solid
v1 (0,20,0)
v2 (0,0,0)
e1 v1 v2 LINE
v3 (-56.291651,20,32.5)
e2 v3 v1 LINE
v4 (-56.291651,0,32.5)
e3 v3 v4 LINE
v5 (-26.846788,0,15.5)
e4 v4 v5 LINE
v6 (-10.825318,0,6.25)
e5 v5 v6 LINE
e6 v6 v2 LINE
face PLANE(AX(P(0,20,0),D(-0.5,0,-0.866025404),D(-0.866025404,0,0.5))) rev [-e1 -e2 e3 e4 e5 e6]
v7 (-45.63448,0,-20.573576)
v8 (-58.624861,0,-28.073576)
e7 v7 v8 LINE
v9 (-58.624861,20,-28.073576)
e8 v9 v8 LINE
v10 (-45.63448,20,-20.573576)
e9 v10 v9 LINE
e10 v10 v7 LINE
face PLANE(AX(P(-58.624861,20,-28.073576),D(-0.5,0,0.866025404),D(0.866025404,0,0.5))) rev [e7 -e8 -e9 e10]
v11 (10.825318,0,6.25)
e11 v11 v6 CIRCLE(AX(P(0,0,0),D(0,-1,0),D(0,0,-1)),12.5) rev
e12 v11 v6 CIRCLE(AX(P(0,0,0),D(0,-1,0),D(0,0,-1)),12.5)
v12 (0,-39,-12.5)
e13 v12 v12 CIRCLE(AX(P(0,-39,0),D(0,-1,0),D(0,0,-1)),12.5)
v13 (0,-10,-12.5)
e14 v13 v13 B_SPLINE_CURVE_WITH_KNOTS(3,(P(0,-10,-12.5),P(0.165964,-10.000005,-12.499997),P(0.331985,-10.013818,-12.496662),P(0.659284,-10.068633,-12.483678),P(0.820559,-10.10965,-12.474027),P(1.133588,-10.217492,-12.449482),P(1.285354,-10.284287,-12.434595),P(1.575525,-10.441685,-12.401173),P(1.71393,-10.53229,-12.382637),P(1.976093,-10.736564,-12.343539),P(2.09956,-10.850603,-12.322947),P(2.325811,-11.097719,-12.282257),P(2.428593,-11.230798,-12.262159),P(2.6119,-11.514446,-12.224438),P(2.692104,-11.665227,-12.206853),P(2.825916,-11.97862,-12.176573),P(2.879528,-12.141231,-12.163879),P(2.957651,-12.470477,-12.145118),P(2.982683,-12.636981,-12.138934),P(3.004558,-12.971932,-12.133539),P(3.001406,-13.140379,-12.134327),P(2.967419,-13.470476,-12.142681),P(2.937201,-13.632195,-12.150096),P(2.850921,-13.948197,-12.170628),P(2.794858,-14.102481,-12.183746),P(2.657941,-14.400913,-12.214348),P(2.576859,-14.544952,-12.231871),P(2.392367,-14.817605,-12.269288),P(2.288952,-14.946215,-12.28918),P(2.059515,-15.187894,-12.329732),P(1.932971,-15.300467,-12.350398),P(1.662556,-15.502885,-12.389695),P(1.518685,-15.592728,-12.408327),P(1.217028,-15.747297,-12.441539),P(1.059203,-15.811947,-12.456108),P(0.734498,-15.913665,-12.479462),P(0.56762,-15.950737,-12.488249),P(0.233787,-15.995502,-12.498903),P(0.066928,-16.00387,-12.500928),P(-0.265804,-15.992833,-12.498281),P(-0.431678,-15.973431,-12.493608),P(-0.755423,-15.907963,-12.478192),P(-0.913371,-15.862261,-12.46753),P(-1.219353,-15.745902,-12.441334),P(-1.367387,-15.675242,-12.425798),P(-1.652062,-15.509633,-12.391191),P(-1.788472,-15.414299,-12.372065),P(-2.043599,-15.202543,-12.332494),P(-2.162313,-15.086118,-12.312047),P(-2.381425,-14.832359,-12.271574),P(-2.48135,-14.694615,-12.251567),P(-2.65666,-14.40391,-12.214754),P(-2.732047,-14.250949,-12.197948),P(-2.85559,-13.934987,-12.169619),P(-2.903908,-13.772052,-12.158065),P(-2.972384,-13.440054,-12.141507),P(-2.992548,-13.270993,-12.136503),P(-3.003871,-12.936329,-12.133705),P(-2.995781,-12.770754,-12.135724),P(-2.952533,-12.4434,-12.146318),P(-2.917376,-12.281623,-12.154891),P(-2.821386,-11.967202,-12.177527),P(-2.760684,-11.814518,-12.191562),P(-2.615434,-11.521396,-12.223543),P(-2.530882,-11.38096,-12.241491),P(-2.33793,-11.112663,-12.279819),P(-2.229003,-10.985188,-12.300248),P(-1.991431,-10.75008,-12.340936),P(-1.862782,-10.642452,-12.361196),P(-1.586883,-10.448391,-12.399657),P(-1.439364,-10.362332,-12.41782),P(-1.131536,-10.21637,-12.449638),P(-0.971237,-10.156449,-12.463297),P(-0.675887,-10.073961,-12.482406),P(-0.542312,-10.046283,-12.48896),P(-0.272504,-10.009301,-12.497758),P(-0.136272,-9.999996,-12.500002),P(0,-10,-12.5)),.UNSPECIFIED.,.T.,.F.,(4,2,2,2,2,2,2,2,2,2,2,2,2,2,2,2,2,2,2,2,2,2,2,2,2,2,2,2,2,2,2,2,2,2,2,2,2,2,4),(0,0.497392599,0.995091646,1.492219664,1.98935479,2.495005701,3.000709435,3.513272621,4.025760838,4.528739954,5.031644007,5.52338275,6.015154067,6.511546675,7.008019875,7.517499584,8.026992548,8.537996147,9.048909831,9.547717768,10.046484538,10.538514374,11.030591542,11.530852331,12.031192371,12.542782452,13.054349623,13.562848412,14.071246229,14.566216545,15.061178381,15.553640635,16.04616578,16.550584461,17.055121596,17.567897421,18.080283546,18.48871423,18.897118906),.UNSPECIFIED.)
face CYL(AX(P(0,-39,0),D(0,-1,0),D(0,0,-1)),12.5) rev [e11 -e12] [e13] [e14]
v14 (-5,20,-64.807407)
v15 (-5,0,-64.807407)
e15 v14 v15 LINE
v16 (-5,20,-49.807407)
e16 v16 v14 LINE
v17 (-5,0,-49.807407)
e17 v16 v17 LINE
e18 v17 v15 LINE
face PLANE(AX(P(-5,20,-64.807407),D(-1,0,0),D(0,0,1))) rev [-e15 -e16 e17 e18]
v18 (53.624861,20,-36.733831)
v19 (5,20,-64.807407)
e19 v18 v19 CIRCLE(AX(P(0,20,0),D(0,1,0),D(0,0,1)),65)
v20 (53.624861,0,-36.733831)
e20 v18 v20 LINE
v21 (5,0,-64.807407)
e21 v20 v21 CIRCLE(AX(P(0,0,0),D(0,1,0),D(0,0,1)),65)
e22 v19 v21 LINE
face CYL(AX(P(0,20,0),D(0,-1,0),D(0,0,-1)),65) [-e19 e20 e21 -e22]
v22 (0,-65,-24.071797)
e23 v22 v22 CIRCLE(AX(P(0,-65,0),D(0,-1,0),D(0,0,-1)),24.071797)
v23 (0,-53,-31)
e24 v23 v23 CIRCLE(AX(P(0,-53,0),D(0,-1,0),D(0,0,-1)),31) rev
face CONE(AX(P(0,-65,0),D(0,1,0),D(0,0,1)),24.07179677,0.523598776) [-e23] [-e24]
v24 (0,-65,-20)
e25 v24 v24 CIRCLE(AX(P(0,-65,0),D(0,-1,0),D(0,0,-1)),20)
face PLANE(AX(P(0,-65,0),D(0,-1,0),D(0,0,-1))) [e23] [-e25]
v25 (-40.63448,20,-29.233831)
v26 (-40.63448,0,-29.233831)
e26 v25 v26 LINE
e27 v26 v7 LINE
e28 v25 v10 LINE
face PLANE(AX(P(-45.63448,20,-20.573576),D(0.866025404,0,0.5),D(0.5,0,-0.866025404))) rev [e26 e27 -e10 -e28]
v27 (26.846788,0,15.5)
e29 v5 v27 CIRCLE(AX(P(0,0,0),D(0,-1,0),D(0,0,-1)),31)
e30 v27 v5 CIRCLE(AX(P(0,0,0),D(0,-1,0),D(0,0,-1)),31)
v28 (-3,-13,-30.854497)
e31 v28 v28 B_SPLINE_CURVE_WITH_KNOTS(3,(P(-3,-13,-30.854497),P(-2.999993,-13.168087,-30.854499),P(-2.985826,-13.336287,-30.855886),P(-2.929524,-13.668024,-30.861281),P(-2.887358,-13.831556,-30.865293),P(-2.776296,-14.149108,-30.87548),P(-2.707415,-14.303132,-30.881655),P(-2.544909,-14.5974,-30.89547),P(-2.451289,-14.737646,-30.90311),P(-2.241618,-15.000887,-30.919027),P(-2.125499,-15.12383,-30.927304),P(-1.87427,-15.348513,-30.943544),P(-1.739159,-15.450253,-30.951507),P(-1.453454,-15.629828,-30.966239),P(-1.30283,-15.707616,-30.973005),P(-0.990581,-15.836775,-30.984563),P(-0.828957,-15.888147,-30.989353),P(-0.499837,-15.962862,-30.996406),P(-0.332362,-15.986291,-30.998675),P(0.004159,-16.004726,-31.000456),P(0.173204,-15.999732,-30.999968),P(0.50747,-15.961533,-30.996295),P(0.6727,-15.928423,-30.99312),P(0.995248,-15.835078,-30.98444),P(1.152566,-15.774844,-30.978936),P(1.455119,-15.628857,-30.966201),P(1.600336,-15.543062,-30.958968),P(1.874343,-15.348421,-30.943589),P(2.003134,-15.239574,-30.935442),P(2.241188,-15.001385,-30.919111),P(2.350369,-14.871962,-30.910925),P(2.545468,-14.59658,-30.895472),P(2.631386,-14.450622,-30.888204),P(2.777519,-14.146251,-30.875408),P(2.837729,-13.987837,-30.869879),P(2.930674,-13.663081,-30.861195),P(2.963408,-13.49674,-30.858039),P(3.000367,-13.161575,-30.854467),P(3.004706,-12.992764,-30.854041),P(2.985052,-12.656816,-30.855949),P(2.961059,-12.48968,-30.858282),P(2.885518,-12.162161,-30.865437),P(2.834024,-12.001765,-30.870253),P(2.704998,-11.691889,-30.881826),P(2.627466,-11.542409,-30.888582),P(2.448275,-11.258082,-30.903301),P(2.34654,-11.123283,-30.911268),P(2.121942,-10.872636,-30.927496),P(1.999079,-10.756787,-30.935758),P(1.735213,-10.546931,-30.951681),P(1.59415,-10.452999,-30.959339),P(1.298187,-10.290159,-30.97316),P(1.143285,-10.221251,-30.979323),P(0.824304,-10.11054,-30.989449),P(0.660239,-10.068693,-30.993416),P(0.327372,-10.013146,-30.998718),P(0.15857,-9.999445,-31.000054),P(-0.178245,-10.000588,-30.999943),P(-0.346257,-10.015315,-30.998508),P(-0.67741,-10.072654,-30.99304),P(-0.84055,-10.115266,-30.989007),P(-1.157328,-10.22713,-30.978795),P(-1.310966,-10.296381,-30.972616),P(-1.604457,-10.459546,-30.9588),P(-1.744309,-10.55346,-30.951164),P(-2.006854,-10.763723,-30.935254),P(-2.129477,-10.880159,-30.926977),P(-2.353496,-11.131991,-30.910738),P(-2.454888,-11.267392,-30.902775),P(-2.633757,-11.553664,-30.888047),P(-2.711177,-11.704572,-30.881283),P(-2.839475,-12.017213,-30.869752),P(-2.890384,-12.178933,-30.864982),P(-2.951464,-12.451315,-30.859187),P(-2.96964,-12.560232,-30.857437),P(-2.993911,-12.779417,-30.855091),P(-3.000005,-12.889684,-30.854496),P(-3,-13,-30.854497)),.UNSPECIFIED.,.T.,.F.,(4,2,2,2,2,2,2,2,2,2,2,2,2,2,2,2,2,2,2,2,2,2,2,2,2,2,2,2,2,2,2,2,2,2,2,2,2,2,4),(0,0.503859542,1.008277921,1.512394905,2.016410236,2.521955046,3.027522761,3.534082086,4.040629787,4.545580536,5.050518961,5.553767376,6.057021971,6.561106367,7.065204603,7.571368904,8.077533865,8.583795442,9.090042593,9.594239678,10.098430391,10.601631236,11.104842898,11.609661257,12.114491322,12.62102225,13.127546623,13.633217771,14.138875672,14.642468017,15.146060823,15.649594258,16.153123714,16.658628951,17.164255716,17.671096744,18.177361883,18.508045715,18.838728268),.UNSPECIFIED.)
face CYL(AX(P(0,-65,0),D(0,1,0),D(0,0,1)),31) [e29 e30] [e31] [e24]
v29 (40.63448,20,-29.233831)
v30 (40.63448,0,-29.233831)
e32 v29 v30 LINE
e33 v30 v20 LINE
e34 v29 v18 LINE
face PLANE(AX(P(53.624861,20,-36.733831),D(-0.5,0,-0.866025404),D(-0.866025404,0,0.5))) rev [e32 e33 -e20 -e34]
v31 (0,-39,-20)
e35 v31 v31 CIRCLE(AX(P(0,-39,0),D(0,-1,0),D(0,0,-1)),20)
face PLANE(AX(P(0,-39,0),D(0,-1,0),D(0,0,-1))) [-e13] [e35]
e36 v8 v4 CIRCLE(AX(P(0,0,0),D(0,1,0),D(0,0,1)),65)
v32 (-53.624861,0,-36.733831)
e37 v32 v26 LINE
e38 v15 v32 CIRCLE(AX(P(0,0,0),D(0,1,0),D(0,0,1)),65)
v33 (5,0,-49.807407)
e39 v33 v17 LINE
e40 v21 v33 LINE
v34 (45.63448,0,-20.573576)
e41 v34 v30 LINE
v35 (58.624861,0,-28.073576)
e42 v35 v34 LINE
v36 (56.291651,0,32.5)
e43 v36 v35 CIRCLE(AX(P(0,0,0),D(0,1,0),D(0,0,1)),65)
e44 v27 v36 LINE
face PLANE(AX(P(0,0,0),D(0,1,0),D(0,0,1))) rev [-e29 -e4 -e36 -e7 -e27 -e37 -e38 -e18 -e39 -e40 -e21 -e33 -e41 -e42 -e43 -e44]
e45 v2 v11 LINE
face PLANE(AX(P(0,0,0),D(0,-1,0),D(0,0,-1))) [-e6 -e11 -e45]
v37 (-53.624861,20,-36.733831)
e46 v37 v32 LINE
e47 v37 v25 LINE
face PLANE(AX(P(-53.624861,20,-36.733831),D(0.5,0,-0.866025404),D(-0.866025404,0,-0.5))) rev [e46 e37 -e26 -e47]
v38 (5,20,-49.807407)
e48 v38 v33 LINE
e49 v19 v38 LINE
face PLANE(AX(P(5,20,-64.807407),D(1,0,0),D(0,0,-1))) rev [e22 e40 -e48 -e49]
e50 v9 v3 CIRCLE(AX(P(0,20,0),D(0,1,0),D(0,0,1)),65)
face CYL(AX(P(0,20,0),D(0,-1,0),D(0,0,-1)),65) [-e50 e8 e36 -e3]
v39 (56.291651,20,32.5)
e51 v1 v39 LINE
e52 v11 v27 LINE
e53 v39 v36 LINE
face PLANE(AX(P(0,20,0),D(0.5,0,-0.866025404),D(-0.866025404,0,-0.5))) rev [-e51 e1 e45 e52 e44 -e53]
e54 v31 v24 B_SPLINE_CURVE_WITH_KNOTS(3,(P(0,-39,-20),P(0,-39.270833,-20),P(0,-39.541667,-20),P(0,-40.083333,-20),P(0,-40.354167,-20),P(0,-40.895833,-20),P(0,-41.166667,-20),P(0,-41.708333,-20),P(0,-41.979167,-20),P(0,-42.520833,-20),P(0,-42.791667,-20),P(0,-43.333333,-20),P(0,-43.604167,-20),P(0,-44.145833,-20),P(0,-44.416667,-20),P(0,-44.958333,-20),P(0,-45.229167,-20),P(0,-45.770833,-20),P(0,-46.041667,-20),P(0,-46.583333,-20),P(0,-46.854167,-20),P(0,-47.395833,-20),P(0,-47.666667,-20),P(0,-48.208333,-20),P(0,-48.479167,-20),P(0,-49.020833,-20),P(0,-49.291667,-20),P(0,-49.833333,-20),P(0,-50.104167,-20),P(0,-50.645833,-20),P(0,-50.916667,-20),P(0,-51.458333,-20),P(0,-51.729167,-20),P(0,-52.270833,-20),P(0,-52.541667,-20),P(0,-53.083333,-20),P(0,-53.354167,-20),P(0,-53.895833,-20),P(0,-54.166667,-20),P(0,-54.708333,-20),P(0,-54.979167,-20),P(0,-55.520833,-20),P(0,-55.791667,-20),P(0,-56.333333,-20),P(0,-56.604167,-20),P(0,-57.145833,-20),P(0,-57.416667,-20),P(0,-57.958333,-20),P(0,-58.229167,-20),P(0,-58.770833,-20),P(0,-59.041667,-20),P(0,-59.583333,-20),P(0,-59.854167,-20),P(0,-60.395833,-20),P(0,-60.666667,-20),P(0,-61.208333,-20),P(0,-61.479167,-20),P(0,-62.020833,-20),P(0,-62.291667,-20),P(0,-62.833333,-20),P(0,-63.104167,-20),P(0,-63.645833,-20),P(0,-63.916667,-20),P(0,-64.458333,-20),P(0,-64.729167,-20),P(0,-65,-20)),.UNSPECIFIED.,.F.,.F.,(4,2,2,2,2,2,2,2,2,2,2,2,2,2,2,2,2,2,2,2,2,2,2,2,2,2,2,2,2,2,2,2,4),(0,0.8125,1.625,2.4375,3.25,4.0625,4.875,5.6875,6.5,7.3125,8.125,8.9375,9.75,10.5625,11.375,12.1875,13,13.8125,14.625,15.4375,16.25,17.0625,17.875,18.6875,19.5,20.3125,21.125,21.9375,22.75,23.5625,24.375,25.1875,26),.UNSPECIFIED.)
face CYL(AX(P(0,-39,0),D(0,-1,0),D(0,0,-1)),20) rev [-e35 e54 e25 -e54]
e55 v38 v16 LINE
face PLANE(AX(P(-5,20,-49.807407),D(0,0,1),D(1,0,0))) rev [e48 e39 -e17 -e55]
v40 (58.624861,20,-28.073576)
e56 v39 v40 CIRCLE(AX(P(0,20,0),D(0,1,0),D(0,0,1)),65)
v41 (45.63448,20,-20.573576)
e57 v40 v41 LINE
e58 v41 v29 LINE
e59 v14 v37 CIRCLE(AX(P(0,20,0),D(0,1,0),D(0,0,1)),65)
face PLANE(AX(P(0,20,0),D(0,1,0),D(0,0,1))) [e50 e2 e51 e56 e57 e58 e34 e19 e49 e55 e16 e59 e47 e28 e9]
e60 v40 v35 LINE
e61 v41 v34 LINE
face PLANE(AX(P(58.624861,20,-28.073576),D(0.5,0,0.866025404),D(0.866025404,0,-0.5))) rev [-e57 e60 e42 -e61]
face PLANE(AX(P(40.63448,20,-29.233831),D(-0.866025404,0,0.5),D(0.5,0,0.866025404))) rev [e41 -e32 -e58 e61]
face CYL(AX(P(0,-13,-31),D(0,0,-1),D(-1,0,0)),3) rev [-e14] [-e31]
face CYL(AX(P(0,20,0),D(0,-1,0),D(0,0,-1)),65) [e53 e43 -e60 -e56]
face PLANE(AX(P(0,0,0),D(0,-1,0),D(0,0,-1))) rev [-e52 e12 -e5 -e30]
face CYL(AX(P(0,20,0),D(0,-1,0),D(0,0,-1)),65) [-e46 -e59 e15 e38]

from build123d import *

# Parameters (mm, degrees)
ESTRUSIONE_ESTRUSIONE1_DEPTH = 20
SCHIZZO2_R                   = 31
ESTRUSIONE_ESTRUSIONE2_DEPTH = 65
SCHIZZO3_R                   = 20
TAGLIO_ESTRUSIONE1_DEPTH     = 26
FORO_25_0_25_1_D             = 25
FORO_25_0_25_1_DEPTH         = 39
FORO_6_0_6_1_REACH           = 113.724
FORO_6_0_6_1_BORE_R          = 3
SMUSSO1_SIZE                 = 12
SMUSSO1_SIZE2                = 6.92820323


with BuildPart() as part:
    # Schizzo1 → Estrusione-Estrusione1 (new body)
    with BuildSketch(Plane(origin=(0, 0, 0), x_dir=(1, 0, 0), z_dir=(0, 1, 0))):
        with BuildLine():
            Line((0, 0), (-56.291651246, -32.5))
            ThreePointArc((-56.291651246, -32.5), (-64.9518339, -2.501853916), (-58.624860802, 28.073576473))
            Line((-58.624860802, 28.073576473), (-45.634479745, 20.573576473))
            Line((-45.634479745, 20.573576473), (-40.634479745, 29.233830511))
            Line((-40.634479745, 29.233830511), (-53.624860802, 36.733830511))
            ThreePointArc((-53.624860802, 36.733830511), (-32.5, 56.291651246), (-5, 64.807406984))
            Line((-5, 64.807406984), (-5, 49.807406984))
            Line((-5, 49.807406984), (5, 49.807406984))
            Line((5, 49.807406984), (5, 64.807406984))
            ThreePointArc((5, 64.807406984), (32.5, 56.291651246), (53.624860802, 36.733830511))
            Line((53.624860802, 36.733830511), (40.634479745, 29.233830511))
            Line((40.634479745, 29.233830511), (45.634479745, 20.573576473))
            Line((45.634479745, 20.573576473), (58.624860802, 28.073576473))
            ThreePointArc((58.624860802, 28.073576473), (64.9518339, -2.501853916), (56.291651246, -32.5))
            Line((56.291651246, -32.5), (0, 0))
        make_face()
    extrude(amount=ESTRUSIONE_ESTRUSIONE1_DEPTH)

    # Schizzo2 → Estrusione-Estrusione2 (add)
    with BuildSketch(Plane.XZ):
        with Locations(Location((0, 0, 0), (0, 0, 150))):
            Circle(SCHIZZO2_R)
    extrude(amount=ESTRUSIONE_ESTRUSIONE2_DEPTH)

    # Schizzo3 → Taglio-Estrusione1 (cut)
    with BuildSketch(Plane.XZ.offset(65)):
        with Locations(Location((0, 0, 0), (0, 0, 270))):
            Circle(SCHIZZO3_R)
    extrude(amount=-TAGLIO_ESTRUSIONE1_DEPTH, mode=Mode.SUBTRACT)

    # Foro Ø25.0 (25)-1
    with Locations(Plane(origin=(0, -39, 0), x_dir=(-1, 0, 0), z_dir=(0, -1, 0))):
        with Locations((0, 0)):
            Hole(FORO_25_0_25_1_D / 2, depth=FORO_25_0_25_1_DEPTH)

    # Foro Ø6.0 (6)-1 bore → Foro Ø6.0 (6)-1 (cut, up to next)
    with BuildSketch(Plane(origin=(0, 0, -31), x_dir=(-1, 0, 0), z_dir=(0, 0, -1)), mode=Mode.PRIVATE) as foro_6_0_6_1_sk1:
        with Locations((0, -13)):
            Circle(FORO_6_0_6_1_BORE_R)
    foro_6_0_6_1_tool1 = extrude(foro_6_0_6_1_sk1.sketch, amount=-FORO_6_0_6_1_REACH, mode=Mode.PRIVATE) & part.part
    add(foro_6_0_6_1_tool1.solids().sort_by_distance((0, -13, -31))[0], mode=Mode.SUBTRACT)

    # Smusso1
    smusso1_edges = [part.edges().sort_by_distance(p)[0] for p in [
        (26.846787517, -65, -15.5),
    ]]
    smusso1_side = [part.faces().sort_by_distance(p)[0] for p in [
        (26.846787517, -32.5, -15.5),
    ]]
    chamfer(smusso1_edges, length=SMUSSO1_SIZE, length2=SMUSSO1_SIZE2, reference=smusso1_side[0])


solid = part.part
